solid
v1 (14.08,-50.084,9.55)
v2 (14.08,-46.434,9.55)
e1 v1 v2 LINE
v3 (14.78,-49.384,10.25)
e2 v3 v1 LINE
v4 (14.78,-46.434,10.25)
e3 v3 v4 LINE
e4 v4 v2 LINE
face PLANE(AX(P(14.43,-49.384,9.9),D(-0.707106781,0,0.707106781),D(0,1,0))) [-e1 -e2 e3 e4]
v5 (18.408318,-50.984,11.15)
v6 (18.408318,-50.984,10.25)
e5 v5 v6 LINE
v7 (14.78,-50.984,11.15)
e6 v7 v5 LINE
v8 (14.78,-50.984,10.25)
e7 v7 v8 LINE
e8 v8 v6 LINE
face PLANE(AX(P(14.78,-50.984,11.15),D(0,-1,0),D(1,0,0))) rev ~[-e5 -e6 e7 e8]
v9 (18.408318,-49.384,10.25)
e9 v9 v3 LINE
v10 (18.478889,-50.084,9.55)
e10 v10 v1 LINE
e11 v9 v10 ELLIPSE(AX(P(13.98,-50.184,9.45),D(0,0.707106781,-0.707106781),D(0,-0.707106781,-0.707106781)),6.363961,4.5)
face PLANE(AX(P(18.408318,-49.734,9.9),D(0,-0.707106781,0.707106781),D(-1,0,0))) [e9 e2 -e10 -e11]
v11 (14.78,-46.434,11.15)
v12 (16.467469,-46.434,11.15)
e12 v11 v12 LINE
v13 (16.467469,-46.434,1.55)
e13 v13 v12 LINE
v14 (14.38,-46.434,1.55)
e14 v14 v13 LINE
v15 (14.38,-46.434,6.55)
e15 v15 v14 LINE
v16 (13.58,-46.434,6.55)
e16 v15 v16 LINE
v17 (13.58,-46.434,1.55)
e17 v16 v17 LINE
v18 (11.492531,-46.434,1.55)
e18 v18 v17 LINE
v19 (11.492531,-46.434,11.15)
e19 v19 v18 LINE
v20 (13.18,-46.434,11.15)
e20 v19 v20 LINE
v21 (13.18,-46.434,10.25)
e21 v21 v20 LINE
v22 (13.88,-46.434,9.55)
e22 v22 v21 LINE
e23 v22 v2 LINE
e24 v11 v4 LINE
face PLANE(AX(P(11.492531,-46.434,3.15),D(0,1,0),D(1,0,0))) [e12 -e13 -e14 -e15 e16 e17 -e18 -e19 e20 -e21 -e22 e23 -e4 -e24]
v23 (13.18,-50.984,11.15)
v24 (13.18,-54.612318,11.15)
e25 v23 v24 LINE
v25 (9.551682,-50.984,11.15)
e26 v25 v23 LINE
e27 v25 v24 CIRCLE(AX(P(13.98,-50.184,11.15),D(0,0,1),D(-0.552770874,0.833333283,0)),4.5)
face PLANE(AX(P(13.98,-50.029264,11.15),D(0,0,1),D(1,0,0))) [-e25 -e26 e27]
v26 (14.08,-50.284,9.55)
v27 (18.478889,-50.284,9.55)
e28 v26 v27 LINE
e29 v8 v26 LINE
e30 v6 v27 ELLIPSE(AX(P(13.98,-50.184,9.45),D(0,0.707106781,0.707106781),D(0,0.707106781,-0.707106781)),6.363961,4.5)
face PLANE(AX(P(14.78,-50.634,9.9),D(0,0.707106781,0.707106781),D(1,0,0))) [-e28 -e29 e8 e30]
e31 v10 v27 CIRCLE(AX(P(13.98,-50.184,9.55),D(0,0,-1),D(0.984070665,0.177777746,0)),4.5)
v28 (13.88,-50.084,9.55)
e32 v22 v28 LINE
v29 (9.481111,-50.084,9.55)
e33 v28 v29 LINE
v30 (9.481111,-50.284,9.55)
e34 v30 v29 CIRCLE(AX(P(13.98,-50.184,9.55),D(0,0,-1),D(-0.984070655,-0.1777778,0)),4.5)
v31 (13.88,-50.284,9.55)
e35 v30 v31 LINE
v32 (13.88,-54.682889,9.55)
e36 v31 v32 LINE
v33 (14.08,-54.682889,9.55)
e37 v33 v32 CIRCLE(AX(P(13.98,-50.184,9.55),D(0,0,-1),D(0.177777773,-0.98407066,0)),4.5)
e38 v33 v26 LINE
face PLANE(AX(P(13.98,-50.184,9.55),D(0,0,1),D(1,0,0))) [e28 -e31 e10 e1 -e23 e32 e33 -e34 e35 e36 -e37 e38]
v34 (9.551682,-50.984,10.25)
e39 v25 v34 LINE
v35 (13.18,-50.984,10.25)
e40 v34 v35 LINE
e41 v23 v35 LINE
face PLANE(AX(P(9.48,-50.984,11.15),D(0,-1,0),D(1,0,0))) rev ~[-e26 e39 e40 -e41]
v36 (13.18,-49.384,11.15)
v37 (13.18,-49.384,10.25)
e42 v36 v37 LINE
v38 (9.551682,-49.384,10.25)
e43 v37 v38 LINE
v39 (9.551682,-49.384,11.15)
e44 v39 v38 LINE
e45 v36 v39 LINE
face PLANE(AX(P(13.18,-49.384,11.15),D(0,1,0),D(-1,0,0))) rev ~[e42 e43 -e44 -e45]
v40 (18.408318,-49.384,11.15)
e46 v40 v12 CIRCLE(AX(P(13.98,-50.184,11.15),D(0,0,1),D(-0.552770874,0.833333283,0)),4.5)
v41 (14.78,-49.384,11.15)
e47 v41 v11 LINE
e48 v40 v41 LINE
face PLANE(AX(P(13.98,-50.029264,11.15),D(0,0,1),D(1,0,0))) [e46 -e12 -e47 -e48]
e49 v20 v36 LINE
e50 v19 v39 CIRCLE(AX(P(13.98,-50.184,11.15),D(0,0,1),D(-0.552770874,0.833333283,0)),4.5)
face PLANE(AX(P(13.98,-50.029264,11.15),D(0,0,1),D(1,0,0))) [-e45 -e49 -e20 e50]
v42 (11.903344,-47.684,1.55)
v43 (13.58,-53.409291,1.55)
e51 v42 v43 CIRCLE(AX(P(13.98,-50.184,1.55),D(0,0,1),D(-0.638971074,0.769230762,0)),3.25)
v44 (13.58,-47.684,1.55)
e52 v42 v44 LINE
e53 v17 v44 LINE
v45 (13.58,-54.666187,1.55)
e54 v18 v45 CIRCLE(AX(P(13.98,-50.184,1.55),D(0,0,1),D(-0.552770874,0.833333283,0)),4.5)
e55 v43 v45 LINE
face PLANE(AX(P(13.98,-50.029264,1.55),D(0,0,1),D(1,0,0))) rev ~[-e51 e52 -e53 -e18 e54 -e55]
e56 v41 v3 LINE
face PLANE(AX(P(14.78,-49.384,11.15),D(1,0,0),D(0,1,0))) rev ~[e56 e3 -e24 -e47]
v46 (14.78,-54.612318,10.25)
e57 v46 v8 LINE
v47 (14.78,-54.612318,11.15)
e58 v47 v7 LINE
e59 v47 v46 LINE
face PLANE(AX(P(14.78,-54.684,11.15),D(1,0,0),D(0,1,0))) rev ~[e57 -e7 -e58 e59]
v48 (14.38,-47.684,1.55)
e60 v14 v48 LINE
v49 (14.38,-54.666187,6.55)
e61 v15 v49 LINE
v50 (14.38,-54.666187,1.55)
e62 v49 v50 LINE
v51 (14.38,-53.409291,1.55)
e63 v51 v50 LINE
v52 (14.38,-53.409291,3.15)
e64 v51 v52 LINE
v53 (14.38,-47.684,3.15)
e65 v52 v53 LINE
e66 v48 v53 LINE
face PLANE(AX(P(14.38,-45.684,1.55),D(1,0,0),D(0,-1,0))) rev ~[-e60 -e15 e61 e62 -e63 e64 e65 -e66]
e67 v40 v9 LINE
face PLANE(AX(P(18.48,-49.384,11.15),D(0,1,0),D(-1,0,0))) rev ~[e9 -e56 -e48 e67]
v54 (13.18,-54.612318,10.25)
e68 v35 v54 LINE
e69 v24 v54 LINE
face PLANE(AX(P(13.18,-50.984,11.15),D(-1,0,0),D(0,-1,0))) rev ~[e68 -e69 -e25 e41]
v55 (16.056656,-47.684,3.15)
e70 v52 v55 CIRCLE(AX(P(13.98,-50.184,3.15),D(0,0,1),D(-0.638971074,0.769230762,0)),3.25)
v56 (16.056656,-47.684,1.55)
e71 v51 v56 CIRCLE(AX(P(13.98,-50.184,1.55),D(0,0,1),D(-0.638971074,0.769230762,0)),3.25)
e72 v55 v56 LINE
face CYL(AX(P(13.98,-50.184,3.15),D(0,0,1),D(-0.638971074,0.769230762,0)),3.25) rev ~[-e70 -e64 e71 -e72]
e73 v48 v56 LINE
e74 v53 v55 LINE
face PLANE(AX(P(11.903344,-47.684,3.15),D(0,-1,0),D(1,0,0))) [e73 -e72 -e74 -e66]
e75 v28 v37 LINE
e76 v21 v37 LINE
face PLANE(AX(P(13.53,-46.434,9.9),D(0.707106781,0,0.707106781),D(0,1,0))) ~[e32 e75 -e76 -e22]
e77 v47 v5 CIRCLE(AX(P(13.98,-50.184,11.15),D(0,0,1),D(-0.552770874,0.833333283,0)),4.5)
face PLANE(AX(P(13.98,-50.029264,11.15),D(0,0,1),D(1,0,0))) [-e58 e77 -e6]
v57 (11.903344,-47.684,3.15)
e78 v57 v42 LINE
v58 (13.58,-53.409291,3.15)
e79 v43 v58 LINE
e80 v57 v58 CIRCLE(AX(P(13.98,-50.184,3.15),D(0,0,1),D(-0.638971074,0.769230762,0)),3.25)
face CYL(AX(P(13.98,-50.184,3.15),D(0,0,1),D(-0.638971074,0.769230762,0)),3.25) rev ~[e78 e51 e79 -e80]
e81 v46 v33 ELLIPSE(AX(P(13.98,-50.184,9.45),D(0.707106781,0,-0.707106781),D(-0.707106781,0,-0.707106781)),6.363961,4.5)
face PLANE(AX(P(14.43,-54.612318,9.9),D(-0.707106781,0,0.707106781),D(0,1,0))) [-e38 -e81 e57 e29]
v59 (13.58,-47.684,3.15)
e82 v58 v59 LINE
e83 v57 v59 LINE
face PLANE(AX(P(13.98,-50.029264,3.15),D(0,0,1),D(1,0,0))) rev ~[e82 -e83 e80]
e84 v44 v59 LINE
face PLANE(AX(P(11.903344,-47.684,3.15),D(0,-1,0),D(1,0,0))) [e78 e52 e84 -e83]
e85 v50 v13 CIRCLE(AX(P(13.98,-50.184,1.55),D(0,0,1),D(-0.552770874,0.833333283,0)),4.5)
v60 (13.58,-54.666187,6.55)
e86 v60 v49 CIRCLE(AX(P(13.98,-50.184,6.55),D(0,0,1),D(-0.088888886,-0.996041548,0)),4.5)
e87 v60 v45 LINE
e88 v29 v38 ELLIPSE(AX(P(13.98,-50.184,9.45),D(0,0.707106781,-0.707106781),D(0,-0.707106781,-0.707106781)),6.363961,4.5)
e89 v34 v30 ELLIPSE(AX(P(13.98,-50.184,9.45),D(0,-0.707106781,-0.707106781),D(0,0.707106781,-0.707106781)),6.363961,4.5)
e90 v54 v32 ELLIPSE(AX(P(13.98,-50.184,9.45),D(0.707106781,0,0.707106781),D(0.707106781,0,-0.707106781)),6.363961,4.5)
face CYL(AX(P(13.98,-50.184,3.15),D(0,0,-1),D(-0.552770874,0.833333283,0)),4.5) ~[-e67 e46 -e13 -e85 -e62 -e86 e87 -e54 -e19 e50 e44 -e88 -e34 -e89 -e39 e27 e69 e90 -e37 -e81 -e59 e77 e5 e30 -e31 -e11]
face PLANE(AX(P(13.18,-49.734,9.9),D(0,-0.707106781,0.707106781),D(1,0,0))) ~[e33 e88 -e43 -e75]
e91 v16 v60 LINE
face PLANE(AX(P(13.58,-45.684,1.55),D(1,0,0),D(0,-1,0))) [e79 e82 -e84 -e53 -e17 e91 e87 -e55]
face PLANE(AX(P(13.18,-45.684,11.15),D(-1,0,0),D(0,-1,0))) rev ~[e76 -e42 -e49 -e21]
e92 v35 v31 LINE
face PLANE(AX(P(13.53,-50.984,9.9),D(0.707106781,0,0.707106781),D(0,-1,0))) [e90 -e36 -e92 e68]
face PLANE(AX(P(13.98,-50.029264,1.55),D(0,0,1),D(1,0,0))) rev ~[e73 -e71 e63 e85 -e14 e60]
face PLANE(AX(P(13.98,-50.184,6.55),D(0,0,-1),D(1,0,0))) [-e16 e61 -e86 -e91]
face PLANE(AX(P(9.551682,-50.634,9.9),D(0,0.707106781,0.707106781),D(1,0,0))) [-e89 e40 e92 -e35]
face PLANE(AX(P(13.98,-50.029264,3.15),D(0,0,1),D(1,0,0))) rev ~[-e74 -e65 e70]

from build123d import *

# Parameters (mm, degrees)
PAD_DEPTH       = 1.6
PAD019_DEPTH    = 8
POCKET018_DEPTH = 1.6
CHAMFER_SIZE    = 0.7
SKETCH034_W     = 0.8
SKETCH034_H     = 9
POCKET019_DEPTH = 5


with BuildPart() as part:
    # Sketch031 → Pad (new body)
    with BuildSketch(Plane.XY.offset(3.15)):
        with BuildLine():
            ThreePointArc((11.492531, -46.434), (13.98, -54.684), (16.467469, -46.434))
            Line((11.492531, -46.434), (16.467469, -46.434))
        make_face()
        with BuildLine():
            ThreePointArc((11.903344, -47.684), (13.98, -53.434), (16.056656, -47.684))
            Line((11.903344, -47.684), (16.056656, -47.684))
        make_face(mode=Mode.SUBTRACT)
    extrude(amount=-PAD_DEPTH)

    # Sketch032 → Pad019 (join)
    with BuildSketch(Plane.XY.offset(3.15)):
        with BuildLine():
            ThreePointArc((11.492531, -46.434), (13.98, -54.684), (16.467469, -46.434))
            Line((11.492531, -46.434), (16.467469, -46.434))
        make_face()
    extrude(amount=PAD019_DEPTH)

    # Sketch033 → Pocket018 (cut)
    with BuildSketch(Plane.XY.offset(11.15)):
        Polygon((14.78, -54.684), (14.78, -50.984), (18.48, -50.984), (18.48, -49.384), (14.78, -49.384), (14.78, -45.684), (13.18, -45.684), (13.18, -49.384), (9.48, -49.384), (9.48, -50.984), (13.18, -50.984), (13.18, -54.684), align=None)
    extrude(amount=-POCKET018_DEPTH, mode=Mode.SUBTRACT)

    # Chamfer
    chamfer_edges = [part.edges().sort_by_distance(p)[0] for p in [
        (16.594159, -50.984, 9.55),
        (14.78, -47.909, 9.55),
        (13.18, -47.909, 9.55),
        (11.365841, -50.984, 9.55),
        (11.365841, -49.384, 9.55),
        (13.18, -52.798159, 9.55),
        (16.594159, -49.384, 9.55),
        (14.78, -52.798159, 9.55),
    ]]
    chamfer(chamfer_edges, length=CHAMFER_SIZE)

    # Sketch034 → Pocket019 (cut)
    with BuildSketch(Plane(origin=(0, 0, 1.55), x_dir=(1, 0, 0), z_dir=(0, 0, -1))):
        with Locations((13.98, 50.184)):
            Rectangle(SKETCH034_W, SKETCH034_H)
    extrude(amount=-POCKET019_DEPTH, mode=Mode.SUBTRACT)


solid = part.part
